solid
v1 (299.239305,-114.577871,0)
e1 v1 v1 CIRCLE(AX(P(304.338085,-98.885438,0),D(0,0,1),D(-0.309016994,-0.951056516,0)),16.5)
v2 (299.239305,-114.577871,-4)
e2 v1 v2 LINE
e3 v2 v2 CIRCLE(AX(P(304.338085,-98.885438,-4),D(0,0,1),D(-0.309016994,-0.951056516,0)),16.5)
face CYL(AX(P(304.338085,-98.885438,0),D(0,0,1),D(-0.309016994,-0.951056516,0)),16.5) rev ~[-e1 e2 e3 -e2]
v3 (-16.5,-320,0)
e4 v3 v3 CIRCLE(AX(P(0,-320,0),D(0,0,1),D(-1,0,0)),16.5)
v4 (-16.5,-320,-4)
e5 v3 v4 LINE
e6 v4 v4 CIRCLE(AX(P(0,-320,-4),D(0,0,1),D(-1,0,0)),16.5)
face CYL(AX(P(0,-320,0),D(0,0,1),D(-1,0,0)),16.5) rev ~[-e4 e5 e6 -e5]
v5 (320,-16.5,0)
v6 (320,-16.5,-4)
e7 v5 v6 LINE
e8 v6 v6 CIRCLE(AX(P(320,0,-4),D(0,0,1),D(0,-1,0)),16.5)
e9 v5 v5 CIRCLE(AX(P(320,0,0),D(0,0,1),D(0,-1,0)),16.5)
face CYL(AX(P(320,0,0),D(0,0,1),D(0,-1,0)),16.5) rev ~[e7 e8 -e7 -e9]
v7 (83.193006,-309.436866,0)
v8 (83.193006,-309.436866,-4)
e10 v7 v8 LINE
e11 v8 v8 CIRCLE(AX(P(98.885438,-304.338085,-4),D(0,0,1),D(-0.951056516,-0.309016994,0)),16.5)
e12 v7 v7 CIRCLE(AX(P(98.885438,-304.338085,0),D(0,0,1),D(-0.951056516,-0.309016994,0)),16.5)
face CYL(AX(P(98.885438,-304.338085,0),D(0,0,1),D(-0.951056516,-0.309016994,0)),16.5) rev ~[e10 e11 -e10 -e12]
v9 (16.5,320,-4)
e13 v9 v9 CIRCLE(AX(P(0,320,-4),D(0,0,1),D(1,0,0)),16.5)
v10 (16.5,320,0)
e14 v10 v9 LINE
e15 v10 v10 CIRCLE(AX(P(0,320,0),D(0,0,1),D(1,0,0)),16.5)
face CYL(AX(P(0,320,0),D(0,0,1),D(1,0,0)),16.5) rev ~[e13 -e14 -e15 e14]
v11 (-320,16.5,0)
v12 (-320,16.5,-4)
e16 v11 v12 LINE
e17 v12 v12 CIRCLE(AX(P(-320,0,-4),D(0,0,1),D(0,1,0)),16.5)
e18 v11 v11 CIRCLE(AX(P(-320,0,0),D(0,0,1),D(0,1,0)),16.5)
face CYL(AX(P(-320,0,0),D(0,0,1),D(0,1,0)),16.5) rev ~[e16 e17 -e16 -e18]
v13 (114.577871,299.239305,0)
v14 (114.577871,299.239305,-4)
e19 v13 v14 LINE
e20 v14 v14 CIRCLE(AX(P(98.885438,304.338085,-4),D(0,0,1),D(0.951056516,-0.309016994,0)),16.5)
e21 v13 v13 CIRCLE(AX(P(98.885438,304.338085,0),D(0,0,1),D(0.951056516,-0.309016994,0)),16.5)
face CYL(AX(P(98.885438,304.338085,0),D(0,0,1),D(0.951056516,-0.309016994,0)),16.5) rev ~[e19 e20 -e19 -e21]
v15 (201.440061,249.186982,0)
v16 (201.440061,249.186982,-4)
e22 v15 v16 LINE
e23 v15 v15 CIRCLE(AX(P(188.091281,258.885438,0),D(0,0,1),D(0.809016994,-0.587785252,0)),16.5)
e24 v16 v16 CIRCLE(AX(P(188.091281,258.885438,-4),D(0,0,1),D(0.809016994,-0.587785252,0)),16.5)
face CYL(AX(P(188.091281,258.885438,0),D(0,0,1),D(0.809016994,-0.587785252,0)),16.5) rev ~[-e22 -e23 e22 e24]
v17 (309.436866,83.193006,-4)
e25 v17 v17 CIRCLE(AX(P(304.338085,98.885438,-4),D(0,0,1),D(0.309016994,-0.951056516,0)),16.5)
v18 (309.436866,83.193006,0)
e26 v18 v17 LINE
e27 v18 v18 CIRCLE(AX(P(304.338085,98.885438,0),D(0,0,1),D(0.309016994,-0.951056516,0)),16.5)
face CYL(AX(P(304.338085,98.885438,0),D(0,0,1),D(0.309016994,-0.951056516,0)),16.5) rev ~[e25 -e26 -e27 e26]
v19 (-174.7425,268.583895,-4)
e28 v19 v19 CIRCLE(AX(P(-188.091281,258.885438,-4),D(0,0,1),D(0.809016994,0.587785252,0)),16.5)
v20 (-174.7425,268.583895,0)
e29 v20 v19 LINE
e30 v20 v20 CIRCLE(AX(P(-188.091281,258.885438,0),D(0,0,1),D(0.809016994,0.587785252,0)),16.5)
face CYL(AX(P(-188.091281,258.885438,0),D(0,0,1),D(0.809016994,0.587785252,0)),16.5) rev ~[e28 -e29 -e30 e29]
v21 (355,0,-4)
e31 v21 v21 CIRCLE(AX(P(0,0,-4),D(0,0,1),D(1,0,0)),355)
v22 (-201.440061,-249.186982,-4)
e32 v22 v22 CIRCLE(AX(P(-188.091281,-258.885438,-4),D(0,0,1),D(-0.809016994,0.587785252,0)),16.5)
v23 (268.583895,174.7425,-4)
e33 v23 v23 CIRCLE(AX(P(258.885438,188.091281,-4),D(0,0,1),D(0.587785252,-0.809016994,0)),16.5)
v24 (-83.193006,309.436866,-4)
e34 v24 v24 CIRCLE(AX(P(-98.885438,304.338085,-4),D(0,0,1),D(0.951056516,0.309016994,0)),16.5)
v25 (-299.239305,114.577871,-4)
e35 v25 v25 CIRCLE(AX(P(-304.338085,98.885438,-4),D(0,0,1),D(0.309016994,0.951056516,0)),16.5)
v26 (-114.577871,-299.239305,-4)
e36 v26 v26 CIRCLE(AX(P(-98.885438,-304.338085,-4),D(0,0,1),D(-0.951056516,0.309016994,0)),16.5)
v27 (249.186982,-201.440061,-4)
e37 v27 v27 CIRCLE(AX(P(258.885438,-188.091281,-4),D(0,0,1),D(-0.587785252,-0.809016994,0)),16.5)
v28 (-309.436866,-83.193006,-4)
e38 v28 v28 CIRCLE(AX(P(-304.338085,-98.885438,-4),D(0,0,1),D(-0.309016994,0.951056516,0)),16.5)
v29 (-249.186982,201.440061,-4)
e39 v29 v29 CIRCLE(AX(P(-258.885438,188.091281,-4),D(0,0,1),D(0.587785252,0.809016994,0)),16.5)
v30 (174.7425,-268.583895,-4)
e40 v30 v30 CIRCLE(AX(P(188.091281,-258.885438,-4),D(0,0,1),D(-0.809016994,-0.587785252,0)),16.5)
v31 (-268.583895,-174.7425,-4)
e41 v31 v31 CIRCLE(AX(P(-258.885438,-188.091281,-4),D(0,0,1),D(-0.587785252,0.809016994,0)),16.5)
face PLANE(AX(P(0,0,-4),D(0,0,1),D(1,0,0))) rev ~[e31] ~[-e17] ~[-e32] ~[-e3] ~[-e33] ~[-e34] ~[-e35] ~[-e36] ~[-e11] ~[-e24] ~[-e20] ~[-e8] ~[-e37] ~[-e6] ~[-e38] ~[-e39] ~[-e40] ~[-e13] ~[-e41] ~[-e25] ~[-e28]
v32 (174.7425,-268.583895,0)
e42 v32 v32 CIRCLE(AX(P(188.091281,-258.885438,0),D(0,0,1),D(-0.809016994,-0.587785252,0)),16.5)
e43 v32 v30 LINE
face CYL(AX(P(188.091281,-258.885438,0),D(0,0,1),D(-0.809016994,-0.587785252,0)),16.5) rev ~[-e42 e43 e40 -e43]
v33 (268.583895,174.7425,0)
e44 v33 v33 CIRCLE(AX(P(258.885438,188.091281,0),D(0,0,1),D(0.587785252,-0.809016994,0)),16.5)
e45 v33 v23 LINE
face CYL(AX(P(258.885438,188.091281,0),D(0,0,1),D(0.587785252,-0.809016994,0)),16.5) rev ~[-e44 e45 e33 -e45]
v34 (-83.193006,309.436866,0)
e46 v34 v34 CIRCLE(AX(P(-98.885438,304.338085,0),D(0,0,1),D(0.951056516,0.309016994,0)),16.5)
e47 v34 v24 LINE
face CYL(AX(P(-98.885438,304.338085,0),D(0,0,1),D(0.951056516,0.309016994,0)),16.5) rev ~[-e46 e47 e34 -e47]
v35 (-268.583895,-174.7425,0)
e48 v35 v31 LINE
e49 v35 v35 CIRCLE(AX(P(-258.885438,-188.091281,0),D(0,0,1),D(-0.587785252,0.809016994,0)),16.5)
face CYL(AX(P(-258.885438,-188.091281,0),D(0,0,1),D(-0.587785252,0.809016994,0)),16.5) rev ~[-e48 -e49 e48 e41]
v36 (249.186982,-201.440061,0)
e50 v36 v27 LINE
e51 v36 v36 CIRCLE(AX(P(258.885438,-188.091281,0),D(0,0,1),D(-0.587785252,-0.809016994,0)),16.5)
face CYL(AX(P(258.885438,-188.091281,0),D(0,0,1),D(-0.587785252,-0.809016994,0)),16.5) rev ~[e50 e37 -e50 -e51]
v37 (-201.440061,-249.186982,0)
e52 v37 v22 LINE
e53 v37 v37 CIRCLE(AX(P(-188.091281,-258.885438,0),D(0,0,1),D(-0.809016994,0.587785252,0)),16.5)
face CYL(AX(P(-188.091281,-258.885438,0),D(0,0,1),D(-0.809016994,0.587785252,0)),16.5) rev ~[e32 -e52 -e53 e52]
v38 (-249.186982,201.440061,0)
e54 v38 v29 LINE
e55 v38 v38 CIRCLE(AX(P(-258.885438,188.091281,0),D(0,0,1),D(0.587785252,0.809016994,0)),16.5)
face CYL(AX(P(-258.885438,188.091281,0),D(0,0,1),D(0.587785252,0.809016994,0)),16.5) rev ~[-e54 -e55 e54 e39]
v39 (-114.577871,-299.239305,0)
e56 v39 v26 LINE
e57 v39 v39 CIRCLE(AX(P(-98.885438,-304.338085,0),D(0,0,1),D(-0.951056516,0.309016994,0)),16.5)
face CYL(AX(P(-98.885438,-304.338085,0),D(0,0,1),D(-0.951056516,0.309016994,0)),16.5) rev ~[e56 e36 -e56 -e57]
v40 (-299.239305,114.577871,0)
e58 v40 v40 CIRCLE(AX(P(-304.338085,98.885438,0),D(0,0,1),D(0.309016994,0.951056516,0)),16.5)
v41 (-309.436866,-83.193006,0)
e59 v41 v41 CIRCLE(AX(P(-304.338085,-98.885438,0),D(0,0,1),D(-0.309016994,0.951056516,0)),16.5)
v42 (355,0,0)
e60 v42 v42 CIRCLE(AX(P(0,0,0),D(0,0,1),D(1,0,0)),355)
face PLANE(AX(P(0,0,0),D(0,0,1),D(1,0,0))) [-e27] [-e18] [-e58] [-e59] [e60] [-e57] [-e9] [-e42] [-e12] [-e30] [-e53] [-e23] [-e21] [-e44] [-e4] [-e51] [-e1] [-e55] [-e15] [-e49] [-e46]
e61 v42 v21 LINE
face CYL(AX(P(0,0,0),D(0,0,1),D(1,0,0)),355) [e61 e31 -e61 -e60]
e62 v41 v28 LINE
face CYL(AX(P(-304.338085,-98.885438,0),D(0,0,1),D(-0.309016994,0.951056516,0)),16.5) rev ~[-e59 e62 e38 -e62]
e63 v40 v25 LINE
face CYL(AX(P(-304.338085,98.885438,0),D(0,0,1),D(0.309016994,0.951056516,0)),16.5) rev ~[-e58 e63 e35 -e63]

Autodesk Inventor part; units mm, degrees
ref_plane "YZ Plane" through (0, 0, 0) normal (1, 0, 0) x (0, 1, 0)
ref_plane "XZ Plane" through (0, 0, 0) normal (0, 1, 0) x (-1, 0, 0)
ref_plane "XY Plane" through (0, 0, 0) normal (0, 0, 1) x (1, 0, 0)
sketch "Sketch1" plane through (0, 0, 0) normal (0, 0, 1) x (1, 0, 0)
  circle A0 centre (0, 0) radius 355
  dimension "d0" = 710
extrude "Plate1" add sketch "Sketch1" against normal blind 4
sketch "Sketch2" plane through (0, 0, 0) normal (0, 0, 1) x (1, 0, 0)
  circle A0 centre (0, 0) radius 320 construction
  circle A1 centre (0, 320) radius 16.5
  dimension "d2" = 640
  dimension "d3" = 33
extrude "Extrusion1" cut sketch "Sketch2" against normal through all
pattern_circular "Circular Pattern1" count 20 over 360 about axis through (0, 0, -10) along (0, 0, 1) of "Extrusion1"
equation "\"d1\" = Thickness"
equation "\"BendReliefWidth\" = Thickness"
equation "\"BendReliefDepth\" = 0.5 * Thickness"
equation "\"CornerReliefSize\" = 4 * Thickness"
equation "\"MinimumRemnant\" = 2 * Thickness"
equation "\"TransitionRadius\" = BendRadius"
equation "\"JacobiRadiusSize\" = BendRadius"
equation "\"GapSize\" = Thickness"
equation "\"Thickness\" = 4"
equation "\"BendRadius\" = 6"
properties part number "MSC 037 flange cover 500" material "Stainless Steel"
